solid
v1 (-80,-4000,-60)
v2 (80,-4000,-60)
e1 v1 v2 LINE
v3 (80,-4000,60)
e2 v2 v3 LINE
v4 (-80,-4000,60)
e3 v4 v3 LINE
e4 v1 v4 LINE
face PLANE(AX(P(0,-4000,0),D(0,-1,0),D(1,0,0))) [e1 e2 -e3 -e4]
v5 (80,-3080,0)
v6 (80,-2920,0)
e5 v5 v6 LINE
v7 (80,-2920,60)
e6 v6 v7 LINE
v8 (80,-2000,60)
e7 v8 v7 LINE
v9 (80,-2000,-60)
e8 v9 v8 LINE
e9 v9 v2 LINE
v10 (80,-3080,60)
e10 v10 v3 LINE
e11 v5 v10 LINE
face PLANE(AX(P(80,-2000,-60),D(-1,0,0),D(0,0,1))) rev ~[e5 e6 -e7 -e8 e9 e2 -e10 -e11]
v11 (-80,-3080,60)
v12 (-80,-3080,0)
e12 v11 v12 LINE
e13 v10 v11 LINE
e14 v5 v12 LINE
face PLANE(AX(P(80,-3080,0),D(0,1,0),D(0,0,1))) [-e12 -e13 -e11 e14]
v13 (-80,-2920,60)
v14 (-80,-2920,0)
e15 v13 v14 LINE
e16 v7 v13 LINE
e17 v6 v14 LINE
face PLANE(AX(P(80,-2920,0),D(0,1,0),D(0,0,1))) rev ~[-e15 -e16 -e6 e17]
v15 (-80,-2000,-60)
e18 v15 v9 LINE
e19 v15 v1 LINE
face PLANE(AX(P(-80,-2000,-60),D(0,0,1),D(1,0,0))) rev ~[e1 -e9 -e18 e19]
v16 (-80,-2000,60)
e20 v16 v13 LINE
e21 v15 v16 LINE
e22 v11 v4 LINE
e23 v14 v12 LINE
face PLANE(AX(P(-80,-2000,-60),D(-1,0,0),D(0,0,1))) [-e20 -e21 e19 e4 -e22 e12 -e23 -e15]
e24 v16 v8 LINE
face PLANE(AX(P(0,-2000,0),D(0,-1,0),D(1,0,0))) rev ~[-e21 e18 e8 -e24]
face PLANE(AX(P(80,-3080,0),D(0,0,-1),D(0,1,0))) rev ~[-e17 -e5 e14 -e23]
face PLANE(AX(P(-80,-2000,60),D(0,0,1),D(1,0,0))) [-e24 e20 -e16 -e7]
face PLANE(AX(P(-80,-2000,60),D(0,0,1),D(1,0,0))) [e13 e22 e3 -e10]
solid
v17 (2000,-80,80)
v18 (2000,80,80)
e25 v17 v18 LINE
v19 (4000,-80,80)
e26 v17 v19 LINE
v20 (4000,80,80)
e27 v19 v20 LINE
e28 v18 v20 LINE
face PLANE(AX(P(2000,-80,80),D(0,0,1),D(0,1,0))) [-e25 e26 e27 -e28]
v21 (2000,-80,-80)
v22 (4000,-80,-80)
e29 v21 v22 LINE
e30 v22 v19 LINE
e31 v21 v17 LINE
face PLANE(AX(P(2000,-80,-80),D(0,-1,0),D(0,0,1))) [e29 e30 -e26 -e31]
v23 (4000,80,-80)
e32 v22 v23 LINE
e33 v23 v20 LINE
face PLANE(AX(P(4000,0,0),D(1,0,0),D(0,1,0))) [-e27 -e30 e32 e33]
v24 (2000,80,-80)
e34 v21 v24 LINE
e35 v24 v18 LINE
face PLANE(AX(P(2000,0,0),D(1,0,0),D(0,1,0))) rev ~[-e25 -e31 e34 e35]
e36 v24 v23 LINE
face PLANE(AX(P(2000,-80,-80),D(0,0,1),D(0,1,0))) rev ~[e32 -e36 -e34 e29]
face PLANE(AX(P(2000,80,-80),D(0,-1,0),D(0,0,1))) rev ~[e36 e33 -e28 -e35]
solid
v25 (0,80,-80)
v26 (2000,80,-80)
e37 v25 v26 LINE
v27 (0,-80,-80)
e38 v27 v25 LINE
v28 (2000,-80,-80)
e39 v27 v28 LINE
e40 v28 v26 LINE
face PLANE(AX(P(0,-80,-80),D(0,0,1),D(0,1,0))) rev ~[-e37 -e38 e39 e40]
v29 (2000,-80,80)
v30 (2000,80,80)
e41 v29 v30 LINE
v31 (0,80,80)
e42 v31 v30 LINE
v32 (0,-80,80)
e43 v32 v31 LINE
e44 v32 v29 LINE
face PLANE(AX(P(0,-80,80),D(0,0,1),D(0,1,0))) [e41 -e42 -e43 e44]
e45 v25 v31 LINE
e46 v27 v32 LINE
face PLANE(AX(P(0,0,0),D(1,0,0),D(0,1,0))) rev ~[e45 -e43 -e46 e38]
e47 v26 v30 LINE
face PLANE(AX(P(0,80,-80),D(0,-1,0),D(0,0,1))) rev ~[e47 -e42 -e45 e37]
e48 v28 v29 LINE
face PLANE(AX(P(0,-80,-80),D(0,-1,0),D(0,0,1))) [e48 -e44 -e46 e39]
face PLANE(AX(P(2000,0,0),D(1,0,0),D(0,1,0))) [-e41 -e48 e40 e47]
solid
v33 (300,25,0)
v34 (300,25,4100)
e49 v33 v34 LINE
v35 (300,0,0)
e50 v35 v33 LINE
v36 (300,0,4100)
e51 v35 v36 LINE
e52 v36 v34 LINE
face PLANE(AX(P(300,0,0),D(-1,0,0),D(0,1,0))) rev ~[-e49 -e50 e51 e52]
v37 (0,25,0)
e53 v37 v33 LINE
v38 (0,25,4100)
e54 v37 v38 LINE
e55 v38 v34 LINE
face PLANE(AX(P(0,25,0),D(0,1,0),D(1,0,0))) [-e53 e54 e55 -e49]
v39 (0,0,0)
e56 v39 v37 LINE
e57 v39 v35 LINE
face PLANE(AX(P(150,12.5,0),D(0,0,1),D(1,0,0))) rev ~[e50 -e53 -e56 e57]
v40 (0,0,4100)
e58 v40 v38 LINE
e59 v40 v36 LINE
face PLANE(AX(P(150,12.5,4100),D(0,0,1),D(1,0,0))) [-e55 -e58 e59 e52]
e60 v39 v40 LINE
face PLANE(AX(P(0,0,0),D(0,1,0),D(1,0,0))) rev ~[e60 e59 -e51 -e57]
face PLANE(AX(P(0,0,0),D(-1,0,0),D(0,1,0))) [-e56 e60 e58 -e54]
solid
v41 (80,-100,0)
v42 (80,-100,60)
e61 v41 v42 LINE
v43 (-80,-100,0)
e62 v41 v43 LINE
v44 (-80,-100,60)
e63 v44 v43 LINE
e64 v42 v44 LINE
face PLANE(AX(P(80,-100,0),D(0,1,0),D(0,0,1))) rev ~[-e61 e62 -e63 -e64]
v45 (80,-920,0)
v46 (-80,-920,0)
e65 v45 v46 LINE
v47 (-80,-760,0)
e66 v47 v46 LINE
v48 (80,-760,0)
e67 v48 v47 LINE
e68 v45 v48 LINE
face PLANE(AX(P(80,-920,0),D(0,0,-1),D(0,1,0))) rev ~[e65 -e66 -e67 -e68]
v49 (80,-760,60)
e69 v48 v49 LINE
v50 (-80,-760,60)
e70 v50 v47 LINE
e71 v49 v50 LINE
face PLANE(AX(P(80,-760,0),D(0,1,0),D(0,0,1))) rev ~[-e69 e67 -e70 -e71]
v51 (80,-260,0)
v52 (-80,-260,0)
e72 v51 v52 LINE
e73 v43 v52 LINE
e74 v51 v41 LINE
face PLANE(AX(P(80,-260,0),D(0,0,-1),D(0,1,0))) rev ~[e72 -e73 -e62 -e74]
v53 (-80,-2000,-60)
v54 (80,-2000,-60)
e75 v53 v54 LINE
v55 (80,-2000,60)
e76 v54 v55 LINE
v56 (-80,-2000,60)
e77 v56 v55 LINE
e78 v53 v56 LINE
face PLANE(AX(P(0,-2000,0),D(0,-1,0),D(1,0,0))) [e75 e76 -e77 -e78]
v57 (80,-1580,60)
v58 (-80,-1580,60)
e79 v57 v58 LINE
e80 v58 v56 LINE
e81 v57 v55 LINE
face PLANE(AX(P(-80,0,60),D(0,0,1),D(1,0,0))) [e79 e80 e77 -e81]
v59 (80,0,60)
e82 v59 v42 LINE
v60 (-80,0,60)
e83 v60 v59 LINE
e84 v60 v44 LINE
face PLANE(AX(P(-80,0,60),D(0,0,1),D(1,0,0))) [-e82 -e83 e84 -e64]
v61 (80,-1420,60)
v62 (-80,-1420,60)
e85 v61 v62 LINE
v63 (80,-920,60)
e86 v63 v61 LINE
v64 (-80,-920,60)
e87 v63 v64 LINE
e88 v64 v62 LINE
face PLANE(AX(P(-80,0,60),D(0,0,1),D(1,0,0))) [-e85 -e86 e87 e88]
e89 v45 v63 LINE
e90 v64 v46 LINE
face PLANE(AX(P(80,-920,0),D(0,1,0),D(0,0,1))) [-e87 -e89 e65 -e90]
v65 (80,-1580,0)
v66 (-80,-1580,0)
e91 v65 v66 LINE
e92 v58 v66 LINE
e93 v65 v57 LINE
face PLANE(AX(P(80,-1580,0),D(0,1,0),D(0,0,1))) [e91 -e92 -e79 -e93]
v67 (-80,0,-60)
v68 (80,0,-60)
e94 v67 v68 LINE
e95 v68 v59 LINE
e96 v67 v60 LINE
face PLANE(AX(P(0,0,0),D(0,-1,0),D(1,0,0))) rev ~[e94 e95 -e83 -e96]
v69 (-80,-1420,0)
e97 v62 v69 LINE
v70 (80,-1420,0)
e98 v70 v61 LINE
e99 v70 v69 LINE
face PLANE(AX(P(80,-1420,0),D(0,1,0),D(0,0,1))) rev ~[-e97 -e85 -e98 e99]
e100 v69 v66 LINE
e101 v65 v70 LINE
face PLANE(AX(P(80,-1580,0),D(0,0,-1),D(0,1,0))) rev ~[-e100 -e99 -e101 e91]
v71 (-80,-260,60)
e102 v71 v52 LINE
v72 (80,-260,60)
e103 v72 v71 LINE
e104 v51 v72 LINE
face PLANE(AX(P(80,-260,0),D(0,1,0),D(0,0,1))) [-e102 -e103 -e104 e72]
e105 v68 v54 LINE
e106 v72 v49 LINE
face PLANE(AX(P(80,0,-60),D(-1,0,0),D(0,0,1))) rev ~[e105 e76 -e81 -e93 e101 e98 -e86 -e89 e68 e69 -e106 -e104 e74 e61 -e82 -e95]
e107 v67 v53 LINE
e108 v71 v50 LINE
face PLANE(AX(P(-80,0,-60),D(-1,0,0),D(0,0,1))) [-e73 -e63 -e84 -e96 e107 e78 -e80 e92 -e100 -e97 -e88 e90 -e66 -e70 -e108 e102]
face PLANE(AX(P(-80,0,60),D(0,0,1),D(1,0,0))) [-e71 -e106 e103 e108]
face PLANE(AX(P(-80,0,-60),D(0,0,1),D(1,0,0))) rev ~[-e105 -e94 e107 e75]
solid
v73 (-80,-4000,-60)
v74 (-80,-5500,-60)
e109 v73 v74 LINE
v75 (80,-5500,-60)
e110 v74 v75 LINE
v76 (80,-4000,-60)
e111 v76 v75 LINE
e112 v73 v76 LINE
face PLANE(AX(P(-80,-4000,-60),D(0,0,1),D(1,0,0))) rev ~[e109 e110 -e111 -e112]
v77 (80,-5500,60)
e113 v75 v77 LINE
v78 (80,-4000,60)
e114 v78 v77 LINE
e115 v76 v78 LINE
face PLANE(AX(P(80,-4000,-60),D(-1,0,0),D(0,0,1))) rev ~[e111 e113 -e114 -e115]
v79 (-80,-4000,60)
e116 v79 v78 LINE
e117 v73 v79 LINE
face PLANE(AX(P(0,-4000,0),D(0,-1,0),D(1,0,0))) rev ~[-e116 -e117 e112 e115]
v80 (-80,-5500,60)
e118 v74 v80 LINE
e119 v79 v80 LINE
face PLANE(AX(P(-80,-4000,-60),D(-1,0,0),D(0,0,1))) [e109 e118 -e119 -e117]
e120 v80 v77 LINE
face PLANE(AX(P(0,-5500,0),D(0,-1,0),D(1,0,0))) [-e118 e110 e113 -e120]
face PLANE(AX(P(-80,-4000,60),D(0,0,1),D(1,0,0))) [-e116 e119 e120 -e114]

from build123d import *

# Parameters (mm, degrees)
F0_W      = 160
F0_H      = 120
F1_DEPTH  = 2000
F2_DEPTH  = 2000
F3_W      = 160
F3_H      = 60
F4_DEPTH  = 160.001
F5_W      = 300
F5_H      = 25
F6_DEPTH  = 4100
F7_W      = 160
F7_H      = 160
F8_DEPTH  = 2000
F9_DEPTH  = 2000
F10_DEPTH = 1500


with BuildPart() as f1:
    # F0 (on Front) → F1 (new body)
    with BuildSketch(Plane.XZ):
        Rectangle(F0_W, F0_H)
    extrude(amount=F1_DEPTH)


with BuildPart() as f2:
    # F2 (new): a face of the model
    f2_faces = [f1.part.faces().sort_by_distance(p)[0] for p in [
        (0, -2000, 0),
    ]]
    extrude(f2_faces, amount=F2_DEPTH)


with BuildPart() as f4_tool:
    # F3 (on face) → F4 (new body, through all)
    with BuildSketch(Plane.YZ.offset(80)):
        with Locations((-180, 30)):
            Rectangle(F3_W, F3_H)
        with Locations((-840, 30)):
            Rectangle(F3_W, F3_H)
        with Locations((-1500, 30)):
            Rectangle(F3_W, F3_H)
        with Locations((-3000, 30)):
            Rectangle(F3_W, F3_H)
    extrude(amount=-F4_DEPTH)


with BuildPart() as f1_1:
    add(f1.part)

    # F4: cut by f4_tool
    add(f4_tool.part, mode=Mode.SUBTRACT)


with BuildPart() as f2_1:
    add(f2.part)

    # F4: cut by f4_tool
    add(f4_tool.part, mode=Mode.SUBTRACT)


with BuildPart() as f6:
    # F5 (on Top) → F6 (new body)
    with BuildSketch(Plane.XY):
        with Locations((150, 12.5)):
            Rectangle(F5_W, F5_H)
    extrude(amount=F6_DEPTH)


with BuildPart() as f8:
    # F7 (on Right) → F8 (new body)
    with BuildSketch(Plane.YZ):
        Rectangle(F7_W, F7_H)
    extrude(amount=F8_DEPTH)


with BuildPart() as f9:
    # F9 (new): a face of the model
    f9_faces = [f8.part.faces().sort_by_distance(p)[0] for p in [
        (2000, 0, 0),
    ]]
    extrude(f9_faces, amount=F9_DEPTH)


with BuildPart() as f10:
    # F10 (new): a face of the model
    f10_faces = [f2_1.part.faces().sort_by_distance(p)[0] for p in [
        (0, -4000, 0),
    ]]
    extrude(f10_faces, amount=F10_DEPTH)


solid = Compound([f1_1.part, f2_1.part, f6.part, f8.part, f9.part, f10.part])
